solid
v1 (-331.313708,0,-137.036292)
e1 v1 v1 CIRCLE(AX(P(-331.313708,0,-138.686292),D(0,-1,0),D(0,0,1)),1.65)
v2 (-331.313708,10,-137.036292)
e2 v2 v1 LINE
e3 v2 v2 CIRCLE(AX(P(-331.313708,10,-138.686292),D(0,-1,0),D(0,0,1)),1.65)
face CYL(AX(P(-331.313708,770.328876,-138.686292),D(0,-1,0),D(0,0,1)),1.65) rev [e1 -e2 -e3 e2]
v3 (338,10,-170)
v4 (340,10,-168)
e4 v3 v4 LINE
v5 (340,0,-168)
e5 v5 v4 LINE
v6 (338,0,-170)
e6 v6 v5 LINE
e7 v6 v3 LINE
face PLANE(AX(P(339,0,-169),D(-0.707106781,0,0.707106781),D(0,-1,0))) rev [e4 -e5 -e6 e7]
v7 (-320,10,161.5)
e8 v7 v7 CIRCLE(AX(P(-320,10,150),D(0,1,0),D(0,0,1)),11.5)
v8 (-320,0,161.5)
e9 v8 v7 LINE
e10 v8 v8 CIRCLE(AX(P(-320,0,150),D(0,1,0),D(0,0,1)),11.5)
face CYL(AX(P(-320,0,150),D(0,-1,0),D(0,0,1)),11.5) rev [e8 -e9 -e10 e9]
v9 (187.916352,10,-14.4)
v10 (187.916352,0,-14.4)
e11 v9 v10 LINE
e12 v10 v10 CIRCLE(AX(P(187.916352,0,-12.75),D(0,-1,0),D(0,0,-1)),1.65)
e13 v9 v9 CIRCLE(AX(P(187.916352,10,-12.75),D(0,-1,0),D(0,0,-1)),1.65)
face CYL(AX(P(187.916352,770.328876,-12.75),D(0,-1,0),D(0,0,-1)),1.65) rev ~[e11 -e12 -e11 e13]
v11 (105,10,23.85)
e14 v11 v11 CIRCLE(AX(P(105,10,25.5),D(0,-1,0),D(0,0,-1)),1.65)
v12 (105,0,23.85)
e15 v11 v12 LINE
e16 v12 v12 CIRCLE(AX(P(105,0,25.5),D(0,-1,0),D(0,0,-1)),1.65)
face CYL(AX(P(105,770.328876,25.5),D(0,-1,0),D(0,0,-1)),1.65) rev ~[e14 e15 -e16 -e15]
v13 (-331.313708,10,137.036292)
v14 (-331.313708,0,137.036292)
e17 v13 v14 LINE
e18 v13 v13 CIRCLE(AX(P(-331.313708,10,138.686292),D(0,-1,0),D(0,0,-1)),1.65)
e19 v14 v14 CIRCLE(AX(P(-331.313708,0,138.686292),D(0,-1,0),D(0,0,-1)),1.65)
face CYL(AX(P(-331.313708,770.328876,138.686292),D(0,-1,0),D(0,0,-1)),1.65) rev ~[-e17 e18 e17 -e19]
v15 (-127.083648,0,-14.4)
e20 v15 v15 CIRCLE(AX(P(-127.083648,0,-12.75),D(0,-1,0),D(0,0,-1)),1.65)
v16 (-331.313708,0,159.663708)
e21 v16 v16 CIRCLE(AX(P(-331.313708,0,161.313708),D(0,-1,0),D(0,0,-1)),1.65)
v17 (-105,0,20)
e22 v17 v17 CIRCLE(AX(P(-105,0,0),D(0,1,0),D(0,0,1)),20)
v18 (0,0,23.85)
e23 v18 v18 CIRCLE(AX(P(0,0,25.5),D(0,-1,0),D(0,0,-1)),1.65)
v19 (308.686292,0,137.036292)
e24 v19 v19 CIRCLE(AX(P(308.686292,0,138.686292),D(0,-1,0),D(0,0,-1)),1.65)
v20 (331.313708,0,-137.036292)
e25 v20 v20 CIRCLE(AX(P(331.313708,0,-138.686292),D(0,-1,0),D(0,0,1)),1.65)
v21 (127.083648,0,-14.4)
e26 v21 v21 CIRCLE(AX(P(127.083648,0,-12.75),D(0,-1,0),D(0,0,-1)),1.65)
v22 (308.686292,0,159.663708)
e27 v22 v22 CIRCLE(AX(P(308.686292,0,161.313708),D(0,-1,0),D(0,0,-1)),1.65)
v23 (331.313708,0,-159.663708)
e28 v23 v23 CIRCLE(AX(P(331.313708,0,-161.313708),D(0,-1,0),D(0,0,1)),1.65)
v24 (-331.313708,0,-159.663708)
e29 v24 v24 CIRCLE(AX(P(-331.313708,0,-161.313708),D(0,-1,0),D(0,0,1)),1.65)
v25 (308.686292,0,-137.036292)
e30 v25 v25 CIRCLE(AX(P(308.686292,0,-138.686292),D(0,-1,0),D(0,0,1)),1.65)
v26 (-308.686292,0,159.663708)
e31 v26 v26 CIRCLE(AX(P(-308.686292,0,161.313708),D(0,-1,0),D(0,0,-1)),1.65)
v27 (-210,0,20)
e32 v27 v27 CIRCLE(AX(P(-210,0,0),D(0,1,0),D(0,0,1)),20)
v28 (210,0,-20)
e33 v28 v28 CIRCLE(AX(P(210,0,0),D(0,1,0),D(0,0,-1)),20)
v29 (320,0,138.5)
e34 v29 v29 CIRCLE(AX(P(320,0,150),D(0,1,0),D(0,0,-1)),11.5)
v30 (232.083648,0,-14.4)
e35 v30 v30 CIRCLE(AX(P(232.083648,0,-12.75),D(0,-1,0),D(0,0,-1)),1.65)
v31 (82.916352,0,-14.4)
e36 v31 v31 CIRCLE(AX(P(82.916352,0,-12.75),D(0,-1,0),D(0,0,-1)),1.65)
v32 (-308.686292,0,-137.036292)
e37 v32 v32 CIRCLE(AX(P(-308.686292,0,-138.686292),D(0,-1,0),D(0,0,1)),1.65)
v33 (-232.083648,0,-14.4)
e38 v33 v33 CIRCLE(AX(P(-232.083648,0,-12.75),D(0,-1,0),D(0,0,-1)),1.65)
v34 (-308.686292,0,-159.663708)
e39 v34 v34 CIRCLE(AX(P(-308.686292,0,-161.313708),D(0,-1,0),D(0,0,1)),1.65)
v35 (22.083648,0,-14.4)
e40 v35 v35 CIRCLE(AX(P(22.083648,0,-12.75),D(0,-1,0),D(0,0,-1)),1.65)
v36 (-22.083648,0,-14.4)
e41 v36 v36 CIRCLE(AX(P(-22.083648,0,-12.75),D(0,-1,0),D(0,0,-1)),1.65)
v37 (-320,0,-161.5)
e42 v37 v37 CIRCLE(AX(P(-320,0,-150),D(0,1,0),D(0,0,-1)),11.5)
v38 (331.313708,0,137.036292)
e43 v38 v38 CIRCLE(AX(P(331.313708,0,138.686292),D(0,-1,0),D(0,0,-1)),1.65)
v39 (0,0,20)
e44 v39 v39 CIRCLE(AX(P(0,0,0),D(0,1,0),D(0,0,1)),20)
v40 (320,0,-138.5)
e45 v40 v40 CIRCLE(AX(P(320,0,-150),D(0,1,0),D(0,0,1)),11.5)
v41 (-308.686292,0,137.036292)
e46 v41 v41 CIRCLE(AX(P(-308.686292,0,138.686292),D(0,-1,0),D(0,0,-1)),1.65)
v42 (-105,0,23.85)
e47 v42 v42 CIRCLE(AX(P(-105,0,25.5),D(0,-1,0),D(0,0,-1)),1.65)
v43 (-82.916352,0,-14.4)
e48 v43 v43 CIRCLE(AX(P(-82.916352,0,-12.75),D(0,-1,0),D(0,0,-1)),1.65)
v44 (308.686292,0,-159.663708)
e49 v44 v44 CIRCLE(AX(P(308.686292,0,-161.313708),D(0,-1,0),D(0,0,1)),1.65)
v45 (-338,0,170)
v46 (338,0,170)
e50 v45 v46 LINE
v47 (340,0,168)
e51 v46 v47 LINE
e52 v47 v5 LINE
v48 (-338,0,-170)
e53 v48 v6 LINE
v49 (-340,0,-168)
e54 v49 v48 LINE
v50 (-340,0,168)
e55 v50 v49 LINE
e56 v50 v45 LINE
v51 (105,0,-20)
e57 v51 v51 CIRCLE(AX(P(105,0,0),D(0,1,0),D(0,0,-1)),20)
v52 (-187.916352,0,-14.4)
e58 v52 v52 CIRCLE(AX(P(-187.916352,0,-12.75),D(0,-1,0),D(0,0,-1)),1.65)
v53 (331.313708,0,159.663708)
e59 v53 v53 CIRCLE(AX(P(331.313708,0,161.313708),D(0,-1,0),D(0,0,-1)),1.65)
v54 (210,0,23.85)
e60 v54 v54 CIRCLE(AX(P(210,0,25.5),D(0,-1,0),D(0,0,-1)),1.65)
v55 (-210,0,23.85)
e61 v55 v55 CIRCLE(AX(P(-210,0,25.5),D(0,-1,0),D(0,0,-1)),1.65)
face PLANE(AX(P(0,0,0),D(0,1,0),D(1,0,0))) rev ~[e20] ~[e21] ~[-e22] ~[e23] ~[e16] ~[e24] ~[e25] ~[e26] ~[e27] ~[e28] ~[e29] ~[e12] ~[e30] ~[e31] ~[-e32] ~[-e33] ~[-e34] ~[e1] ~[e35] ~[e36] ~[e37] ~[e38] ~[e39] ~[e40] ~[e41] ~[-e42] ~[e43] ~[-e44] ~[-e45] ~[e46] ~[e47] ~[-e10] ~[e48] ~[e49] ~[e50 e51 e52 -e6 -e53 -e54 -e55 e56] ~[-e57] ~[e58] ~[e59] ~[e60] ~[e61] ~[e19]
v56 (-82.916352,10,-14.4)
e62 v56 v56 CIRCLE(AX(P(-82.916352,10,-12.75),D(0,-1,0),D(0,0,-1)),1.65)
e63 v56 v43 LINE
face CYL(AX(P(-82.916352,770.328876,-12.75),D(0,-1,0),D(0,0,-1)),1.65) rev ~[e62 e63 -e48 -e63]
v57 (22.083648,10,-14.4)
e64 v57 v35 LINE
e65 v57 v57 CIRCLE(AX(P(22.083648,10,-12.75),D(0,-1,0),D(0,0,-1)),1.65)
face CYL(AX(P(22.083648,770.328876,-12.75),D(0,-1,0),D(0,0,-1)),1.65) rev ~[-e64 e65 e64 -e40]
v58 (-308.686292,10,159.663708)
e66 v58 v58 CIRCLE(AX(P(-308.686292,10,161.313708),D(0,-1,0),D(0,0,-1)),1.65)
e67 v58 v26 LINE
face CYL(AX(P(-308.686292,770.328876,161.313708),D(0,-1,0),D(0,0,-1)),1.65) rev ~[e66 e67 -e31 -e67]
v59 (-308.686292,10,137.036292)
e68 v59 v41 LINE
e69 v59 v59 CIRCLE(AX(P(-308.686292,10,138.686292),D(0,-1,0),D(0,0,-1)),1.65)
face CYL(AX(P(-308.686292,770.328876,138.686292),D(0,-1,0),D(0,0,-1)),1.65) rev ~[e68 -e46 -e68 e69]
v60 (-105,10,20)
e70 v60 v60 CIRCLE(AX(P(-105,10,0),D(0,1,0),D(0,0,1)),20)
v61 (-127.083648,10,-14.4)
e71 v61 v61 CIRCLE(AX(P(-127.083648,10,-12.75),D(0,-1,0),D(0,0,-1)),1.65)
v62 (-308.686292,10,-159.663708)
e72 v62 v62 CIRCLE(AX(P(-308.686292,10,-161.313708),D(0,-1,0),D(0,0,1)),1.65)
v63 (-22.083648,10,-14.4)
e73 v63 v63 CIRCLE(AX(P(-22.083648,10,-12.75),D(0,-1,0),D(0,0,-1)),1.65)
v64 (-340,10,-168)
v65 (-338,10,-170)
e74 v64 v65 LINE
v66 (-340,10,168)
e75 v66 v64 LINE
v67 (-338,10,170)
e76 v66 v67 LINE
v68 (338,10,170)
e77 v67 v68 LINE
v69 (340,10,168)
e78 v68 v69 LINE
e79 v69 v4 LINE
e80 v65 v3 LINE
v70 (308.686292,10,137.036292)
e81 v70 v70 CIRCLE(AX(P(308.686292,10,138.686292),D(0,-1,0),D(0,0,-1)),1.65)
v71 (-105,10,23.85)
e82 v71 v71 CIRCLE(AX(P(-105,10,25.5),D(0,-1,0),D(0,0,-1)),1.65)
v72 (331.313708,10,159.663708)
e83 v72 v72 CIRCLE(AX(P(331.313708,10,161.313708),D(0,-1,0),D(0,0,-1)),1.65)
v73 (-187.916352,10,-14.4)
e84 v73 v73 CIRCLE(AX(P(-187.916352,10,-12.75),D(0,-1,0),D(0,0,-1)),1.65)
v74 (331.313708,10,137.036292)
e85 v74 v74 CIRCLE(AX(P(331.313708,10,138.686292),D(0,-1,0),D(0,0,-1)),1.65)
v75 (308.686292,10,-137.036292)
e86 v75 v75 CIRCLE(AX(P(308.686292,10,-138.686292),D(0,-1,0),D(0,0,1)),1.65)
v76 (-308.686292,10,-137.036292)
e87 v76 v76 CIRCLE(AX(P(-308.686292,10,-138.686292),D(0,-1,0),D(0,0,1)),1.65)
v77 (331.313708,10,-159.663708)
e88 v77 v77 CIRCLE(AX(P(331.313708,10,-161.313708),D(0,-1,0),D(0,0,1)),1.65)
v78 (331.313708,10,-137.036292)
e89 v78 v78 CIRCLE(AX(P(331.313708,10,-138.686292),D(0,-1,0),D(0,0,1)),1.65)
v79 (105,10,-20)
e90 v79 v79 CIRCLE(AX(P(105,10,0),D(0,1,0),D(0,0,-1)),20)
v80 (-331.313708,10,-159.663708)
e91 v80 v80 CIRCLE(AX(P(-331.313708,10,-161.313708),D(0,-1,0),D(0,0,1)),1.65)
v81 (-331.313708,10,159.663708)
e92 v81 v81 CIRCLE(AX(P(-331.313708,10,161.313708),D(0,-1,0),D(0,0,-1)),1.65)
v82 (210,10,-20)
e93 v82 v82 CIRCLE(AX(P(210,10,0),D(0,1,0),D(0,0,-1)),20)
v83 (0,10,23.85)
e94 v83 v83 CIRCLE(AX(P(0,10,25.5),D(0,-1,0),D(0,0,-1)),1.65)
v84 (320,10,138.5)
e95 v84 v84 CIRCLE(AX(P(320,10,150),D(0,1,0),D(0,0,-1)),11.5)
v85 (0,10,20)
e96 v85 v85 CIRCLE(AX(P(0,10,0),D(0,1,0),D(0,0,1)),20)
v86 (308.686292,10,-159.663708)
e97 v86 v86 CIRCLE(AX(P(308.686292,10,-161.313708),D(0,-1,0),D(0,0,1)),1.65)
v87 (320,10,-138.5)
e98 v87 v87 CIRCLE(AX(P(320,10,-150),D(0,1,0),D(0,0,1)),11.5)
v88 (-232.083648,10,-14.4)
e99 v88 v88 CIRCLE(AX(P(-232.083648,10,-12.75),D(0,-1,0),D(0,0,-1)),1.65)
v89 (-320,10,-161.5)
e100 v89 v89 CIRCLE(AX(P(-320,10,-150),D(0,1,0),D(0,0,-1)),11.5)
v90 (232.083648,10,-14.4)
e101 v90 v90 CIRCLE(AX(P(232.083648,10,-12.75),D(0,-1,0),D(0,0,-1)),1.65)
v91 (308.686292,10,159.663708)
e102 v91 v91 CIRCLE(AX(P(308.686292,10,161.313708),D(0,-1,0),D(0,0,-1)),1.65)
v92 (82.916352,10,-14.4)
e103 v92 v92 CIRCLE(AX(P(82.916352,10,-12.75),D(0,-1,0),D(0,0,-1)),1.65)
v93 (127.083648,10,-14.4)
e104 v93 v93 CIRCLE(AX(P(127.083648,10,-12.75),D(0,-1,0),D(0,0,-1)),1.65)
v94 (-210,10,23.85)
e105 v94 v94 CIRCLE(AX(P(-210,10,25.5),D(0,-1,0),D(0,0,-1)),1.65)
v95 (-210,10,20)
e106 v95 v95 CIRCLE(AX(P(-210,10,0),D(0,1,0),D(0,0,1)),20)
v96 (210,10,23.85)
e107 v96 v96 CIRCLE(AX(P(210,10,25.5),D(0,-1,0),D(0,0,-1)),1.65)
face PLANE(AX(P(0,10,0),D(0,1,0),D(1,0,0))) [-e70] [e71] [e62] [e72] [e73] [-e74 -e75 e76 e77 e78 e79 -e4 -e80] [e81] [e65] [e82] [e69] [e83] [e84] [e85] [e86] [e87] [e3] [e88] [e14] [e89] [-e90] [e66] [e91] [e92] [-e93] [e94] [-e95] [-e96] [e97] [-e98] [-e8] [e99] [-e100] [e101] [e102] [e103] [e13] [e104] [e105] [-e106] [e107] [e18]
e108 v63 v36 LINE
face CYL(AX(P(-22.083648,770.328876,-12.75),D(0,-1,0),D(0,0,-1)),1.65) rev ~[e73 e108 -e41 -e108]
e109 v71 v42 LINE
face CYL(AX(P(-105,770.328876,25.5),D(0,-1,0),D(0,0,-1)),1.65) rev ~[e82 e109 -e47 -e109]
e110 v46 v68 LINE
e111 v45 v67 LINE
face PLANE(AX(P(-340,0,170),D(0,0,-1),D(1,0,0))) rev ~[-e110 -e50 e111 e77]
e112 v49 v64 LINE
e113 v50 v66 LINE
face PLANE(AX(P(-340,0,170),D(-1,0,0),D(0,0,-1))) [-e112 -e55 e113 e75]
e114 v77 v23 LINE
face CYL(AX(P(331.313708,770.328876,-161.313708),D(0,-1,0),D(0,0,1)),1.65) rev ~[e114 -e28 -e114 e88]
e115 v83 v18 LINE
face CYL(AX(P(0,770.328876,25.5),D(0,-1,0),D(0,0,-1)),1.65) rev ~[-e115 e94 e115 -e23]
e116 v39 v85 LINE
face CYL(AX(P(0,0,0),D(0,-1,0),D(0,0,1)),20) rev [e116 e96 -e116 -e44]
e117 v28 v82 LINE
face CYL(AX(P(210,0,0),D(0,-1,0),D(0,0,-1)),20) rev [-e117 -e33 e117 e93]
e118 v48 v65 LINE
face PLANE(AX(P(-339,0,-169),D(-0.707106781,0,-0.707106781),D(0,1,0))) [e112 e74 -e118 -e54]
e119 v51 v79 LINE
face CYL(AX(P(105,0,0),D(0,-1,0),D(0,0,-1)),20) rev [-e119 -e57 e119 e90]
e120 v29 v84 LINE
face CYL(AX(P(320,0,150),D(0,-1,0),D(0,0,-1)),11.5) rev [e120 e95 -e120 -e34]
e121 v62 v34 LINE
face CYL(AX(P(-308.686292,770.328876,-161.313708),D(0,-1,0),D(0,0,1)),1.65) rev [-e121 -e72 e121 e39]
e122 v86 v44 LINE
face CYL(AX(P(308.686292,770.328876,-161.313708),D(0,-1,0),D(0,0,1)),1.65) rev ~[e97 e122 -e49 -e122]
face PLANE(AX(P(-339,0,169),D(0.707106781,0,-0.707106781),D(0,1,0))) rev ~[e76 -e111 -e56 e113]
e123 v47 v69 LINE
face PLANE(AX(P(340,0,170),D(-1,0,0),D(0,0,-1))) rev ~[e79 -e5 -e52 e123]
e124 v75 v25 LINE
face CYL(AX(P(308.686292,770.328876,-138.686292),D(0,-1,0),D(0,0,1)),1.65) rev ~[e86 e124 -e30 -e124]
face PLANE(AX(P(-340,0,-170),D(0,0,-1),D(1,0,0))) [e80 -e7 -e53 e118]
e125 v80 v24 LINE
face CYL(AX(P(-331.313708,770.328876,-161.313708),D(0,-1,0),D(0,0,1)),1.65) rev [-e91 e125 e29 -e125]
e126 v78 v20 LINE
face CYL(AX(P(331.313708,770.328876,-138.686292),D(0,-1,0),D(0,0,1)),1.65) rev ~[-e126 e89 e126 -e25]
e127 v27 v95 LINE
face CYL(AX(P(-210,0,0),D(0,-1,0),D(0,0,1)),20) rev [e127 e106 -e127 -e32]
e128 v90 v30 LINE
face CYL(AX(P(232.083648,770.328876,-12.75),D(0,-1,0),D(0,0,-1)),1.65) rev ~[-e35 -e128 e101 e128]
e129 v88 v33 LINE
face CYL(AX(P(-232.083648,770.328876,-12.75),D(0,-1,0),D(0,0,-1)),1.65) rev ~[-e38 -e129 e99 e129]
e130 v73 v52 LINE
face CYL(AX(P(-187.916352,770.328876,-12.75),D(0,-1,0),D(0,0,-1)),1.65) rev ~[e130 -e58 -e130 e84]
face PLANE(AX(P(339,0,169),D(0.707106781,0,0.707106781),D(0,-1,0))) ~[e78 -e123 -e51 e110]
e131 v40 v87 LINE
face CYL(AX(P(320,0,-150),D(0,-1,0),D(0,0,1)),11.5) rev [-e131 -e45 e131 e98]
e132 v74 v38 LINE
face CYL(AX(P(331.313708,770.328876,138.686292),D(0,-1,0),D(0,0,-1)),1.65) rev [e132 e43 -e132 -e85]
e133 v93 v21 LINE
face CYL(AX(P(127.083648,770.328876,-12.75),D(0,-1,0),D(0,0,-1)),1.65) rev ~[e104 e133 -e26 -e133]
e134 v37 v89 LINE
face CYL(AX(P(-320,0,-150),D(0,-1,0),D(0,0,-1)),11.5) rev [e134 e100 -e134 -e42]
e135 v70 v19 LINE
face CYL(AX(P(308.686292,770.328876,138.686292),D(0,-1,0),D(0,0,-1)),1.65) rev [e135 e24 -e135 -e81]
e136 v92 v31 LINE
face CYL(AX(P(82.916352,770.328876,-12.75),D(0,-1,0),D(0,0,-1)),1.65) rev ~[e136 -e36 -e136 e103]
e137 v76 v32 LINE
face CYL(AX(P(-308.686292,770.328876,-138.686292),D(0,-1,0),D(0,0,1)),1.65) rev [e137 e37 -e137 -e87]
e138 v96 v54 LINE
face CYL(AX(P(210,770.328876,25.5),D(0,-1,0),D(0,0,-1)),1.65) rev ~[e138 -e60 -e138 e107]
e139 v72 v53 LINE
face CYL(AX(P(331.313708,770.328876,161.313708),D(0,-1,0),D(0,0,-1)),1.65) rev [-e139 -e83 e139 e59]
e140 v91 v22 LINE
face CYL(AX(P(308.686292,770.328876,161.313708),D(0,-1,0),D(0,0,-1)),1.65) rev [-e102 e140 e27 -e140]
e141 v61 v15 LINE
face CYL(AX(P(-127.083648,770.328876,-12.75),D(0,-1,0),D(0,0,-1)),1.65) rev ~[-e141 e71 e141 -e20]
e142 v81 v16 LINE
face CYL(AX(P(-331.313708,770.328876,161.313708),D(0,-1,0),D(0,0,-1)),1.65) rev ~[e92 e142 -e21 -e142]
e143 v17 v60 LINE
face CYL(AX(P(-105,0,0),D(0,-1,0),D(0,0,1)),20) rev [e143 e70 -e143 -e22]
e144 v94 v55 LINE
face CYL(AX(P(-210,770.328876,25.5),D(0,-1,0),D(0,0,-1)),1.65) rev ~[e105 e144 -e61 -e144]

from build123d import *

# Parameters (mm, degrees)
SKETCH1_W             = 680
SKETCH1_H             = 340
SKETCH1_R             = 11.5
SKETCH1_R_2           = 20
BOSS_EXTRUDE1_DEPTH   = 10
CHAMFER1_SIZE         = 2
M4X0_7_TAPPED_HOLE1_D = 3.3
MIRROR2_COPY_1_D      = 3.3
M4X0_7_TAPPED_HOLE2_D = 3.3
LPATTERN1_COUNT       = 3
LPATTERN1_PITCH       = 105
LPATTERN1_COL_COUNT   = 3
LPATTERN1_COL_PITCH   = 105


with BuildPart() as part:
    # Sketch1 → Boss-Extrude1 (new body)
    with BuildSketch(Plane(origin=(0, 0, 0), x_dir=(1, 0, 0), z_dir=(0, 1, 0))):
        Rectangle(SKETCH1_W, SKETCH1_H)
        with Locations(Location((-320, -150, 0), (0, 0, 270))):
            Circle(SKETCH1_R, mode=Mode.SUBTRACT)
        with Locations(Location((0, 0, 0), (0, 0, 270))):
            Circle(SKETCH1_R_2, mode=Mode.SUBTRACT)
        with Locations(Location((-320, 150, 0), (0, 0, 90))):
            Circle(SKETCH1_R, mode=Mode.SUBTRACT)
        with Locations(Location((320, 150, 0), (0, 0, 270))):
            Circle(SKETCH1_R, mode=Mode.SUBTRACT)
        with Locations(Location((320, -150, 0), (0, 0, 90))):
            Circle(SKETCH1_R, mode=Mode.SUBTRACT)
        with Locations(Location((-105, 0, 0), (0, 0, 270))):
            Circle(SKETCH1_R_2, mode=Mode.SUBTRACT)
        with Locations(Location((-210, 0, 0), (0, 0, 270))):
            Circle(SKETCH1_R_2, mode=Mode.SUBTRACT)
        with Locations(Location((105, 0, 0), (0, 0, 90))):
            Circle(SKETCH1_R_2, mode=Mode.SUBTRACT)
        with Locations(Location((210, 0, 0), (0, 0, 90))):
            Circle(SKETCH1_R_2, mode=Mode.SUBTRACT)
    extrude(amount=BOSS_EXTRUDE1_DEPTH)

    # Chamfer1
    chamfer1_edges = [part.edges().sort_by_distance(p)[0] for p in [
        (-340, 5, -170),
        (340, 5, -170),
        (340, 5, 170),
        (-340, 5, 170),
    ]]
    chamfer(chamfer1_edges, length=CHAMFER1_SIZE)

    # M4x0.7 Tapped Hole1 (through all)
    with Locations(Plane(origin=(-331.313708499, 10, 138.686291501), x_dir=(0, 0, 1), z_dir=(0, 1, 0))):
        with Locations((0, 0), (0, 22.627416998), (22.627416998, 22.627416998), (22.627416998, 0)):
            m4x0_7_tapped_hole1 = Hole(M4X0_7_TAPPED_HOLE1_D / 2)

    # Mirror1: M4x0.7 Tapped Hole1 across plane
    add(m4x0_7_tapped_hole1.mirror(Plane.XY), mode=Mode.SUBTRACT)

    # Mirror2: M4x0.7 Tapped Hole1 across plane
    add(m4x0_7_tapped_hole1.mirror(Plane(origin=(0, 0, 0), x_dir=(0, 0, 1), z_dir=(1, 0, 0))), mode=Mode.SUBTRACT)

    # Mirror2 copy 1 (through all)
    with Locations(Plane(origin=(331.313708499, 10, -138.686291501), x_dir=(0, 0, -1), z_dir=(0, 1, 0))):
        with Locations((0, 0), (0, 22.627416998), (22.627416998, 22.627416998), (22.627416998, 0)):
            Hole(MIRROR2_COPY_1_D / 2)

    # M4x0.7 Tapped Hole2 (through all)
    with Locations(Plane(origin=(-22.083647797, 10, -12.75), x_dir=(0, 0, 1), z_dir=(0, 1, 0))):
        with Locations((0, 0), (0, 44.167295594), (38.25, 22.083647797)):
            m4x0_7_tapped_hole2 = Hole(M4X0_7_TAPPED_HOLE2_D / 2)

    # LPattern1: M4x0.7 Tapped Hole2 ×3
    with Locations(*[(i * LPATTERN1_PITCH, 0, 0) for i in range(1, LPATTERN1_COUNT)]):
        add(m4x0_7_tapped_hole2, mode=Mode.SUBTRACT)

    # LPattern1 col: M4x0.7 Tapped Hole2 ×3
    with Locations(*[(-i * LPATTERN1_COL_PITCH, 0, 0) for i in range(1, LPATTERN1_COL_COUNT)]):
        add(m4x0_7_tapped_hole2, mode=Mode.SUBTRACT)


solid = part.part
